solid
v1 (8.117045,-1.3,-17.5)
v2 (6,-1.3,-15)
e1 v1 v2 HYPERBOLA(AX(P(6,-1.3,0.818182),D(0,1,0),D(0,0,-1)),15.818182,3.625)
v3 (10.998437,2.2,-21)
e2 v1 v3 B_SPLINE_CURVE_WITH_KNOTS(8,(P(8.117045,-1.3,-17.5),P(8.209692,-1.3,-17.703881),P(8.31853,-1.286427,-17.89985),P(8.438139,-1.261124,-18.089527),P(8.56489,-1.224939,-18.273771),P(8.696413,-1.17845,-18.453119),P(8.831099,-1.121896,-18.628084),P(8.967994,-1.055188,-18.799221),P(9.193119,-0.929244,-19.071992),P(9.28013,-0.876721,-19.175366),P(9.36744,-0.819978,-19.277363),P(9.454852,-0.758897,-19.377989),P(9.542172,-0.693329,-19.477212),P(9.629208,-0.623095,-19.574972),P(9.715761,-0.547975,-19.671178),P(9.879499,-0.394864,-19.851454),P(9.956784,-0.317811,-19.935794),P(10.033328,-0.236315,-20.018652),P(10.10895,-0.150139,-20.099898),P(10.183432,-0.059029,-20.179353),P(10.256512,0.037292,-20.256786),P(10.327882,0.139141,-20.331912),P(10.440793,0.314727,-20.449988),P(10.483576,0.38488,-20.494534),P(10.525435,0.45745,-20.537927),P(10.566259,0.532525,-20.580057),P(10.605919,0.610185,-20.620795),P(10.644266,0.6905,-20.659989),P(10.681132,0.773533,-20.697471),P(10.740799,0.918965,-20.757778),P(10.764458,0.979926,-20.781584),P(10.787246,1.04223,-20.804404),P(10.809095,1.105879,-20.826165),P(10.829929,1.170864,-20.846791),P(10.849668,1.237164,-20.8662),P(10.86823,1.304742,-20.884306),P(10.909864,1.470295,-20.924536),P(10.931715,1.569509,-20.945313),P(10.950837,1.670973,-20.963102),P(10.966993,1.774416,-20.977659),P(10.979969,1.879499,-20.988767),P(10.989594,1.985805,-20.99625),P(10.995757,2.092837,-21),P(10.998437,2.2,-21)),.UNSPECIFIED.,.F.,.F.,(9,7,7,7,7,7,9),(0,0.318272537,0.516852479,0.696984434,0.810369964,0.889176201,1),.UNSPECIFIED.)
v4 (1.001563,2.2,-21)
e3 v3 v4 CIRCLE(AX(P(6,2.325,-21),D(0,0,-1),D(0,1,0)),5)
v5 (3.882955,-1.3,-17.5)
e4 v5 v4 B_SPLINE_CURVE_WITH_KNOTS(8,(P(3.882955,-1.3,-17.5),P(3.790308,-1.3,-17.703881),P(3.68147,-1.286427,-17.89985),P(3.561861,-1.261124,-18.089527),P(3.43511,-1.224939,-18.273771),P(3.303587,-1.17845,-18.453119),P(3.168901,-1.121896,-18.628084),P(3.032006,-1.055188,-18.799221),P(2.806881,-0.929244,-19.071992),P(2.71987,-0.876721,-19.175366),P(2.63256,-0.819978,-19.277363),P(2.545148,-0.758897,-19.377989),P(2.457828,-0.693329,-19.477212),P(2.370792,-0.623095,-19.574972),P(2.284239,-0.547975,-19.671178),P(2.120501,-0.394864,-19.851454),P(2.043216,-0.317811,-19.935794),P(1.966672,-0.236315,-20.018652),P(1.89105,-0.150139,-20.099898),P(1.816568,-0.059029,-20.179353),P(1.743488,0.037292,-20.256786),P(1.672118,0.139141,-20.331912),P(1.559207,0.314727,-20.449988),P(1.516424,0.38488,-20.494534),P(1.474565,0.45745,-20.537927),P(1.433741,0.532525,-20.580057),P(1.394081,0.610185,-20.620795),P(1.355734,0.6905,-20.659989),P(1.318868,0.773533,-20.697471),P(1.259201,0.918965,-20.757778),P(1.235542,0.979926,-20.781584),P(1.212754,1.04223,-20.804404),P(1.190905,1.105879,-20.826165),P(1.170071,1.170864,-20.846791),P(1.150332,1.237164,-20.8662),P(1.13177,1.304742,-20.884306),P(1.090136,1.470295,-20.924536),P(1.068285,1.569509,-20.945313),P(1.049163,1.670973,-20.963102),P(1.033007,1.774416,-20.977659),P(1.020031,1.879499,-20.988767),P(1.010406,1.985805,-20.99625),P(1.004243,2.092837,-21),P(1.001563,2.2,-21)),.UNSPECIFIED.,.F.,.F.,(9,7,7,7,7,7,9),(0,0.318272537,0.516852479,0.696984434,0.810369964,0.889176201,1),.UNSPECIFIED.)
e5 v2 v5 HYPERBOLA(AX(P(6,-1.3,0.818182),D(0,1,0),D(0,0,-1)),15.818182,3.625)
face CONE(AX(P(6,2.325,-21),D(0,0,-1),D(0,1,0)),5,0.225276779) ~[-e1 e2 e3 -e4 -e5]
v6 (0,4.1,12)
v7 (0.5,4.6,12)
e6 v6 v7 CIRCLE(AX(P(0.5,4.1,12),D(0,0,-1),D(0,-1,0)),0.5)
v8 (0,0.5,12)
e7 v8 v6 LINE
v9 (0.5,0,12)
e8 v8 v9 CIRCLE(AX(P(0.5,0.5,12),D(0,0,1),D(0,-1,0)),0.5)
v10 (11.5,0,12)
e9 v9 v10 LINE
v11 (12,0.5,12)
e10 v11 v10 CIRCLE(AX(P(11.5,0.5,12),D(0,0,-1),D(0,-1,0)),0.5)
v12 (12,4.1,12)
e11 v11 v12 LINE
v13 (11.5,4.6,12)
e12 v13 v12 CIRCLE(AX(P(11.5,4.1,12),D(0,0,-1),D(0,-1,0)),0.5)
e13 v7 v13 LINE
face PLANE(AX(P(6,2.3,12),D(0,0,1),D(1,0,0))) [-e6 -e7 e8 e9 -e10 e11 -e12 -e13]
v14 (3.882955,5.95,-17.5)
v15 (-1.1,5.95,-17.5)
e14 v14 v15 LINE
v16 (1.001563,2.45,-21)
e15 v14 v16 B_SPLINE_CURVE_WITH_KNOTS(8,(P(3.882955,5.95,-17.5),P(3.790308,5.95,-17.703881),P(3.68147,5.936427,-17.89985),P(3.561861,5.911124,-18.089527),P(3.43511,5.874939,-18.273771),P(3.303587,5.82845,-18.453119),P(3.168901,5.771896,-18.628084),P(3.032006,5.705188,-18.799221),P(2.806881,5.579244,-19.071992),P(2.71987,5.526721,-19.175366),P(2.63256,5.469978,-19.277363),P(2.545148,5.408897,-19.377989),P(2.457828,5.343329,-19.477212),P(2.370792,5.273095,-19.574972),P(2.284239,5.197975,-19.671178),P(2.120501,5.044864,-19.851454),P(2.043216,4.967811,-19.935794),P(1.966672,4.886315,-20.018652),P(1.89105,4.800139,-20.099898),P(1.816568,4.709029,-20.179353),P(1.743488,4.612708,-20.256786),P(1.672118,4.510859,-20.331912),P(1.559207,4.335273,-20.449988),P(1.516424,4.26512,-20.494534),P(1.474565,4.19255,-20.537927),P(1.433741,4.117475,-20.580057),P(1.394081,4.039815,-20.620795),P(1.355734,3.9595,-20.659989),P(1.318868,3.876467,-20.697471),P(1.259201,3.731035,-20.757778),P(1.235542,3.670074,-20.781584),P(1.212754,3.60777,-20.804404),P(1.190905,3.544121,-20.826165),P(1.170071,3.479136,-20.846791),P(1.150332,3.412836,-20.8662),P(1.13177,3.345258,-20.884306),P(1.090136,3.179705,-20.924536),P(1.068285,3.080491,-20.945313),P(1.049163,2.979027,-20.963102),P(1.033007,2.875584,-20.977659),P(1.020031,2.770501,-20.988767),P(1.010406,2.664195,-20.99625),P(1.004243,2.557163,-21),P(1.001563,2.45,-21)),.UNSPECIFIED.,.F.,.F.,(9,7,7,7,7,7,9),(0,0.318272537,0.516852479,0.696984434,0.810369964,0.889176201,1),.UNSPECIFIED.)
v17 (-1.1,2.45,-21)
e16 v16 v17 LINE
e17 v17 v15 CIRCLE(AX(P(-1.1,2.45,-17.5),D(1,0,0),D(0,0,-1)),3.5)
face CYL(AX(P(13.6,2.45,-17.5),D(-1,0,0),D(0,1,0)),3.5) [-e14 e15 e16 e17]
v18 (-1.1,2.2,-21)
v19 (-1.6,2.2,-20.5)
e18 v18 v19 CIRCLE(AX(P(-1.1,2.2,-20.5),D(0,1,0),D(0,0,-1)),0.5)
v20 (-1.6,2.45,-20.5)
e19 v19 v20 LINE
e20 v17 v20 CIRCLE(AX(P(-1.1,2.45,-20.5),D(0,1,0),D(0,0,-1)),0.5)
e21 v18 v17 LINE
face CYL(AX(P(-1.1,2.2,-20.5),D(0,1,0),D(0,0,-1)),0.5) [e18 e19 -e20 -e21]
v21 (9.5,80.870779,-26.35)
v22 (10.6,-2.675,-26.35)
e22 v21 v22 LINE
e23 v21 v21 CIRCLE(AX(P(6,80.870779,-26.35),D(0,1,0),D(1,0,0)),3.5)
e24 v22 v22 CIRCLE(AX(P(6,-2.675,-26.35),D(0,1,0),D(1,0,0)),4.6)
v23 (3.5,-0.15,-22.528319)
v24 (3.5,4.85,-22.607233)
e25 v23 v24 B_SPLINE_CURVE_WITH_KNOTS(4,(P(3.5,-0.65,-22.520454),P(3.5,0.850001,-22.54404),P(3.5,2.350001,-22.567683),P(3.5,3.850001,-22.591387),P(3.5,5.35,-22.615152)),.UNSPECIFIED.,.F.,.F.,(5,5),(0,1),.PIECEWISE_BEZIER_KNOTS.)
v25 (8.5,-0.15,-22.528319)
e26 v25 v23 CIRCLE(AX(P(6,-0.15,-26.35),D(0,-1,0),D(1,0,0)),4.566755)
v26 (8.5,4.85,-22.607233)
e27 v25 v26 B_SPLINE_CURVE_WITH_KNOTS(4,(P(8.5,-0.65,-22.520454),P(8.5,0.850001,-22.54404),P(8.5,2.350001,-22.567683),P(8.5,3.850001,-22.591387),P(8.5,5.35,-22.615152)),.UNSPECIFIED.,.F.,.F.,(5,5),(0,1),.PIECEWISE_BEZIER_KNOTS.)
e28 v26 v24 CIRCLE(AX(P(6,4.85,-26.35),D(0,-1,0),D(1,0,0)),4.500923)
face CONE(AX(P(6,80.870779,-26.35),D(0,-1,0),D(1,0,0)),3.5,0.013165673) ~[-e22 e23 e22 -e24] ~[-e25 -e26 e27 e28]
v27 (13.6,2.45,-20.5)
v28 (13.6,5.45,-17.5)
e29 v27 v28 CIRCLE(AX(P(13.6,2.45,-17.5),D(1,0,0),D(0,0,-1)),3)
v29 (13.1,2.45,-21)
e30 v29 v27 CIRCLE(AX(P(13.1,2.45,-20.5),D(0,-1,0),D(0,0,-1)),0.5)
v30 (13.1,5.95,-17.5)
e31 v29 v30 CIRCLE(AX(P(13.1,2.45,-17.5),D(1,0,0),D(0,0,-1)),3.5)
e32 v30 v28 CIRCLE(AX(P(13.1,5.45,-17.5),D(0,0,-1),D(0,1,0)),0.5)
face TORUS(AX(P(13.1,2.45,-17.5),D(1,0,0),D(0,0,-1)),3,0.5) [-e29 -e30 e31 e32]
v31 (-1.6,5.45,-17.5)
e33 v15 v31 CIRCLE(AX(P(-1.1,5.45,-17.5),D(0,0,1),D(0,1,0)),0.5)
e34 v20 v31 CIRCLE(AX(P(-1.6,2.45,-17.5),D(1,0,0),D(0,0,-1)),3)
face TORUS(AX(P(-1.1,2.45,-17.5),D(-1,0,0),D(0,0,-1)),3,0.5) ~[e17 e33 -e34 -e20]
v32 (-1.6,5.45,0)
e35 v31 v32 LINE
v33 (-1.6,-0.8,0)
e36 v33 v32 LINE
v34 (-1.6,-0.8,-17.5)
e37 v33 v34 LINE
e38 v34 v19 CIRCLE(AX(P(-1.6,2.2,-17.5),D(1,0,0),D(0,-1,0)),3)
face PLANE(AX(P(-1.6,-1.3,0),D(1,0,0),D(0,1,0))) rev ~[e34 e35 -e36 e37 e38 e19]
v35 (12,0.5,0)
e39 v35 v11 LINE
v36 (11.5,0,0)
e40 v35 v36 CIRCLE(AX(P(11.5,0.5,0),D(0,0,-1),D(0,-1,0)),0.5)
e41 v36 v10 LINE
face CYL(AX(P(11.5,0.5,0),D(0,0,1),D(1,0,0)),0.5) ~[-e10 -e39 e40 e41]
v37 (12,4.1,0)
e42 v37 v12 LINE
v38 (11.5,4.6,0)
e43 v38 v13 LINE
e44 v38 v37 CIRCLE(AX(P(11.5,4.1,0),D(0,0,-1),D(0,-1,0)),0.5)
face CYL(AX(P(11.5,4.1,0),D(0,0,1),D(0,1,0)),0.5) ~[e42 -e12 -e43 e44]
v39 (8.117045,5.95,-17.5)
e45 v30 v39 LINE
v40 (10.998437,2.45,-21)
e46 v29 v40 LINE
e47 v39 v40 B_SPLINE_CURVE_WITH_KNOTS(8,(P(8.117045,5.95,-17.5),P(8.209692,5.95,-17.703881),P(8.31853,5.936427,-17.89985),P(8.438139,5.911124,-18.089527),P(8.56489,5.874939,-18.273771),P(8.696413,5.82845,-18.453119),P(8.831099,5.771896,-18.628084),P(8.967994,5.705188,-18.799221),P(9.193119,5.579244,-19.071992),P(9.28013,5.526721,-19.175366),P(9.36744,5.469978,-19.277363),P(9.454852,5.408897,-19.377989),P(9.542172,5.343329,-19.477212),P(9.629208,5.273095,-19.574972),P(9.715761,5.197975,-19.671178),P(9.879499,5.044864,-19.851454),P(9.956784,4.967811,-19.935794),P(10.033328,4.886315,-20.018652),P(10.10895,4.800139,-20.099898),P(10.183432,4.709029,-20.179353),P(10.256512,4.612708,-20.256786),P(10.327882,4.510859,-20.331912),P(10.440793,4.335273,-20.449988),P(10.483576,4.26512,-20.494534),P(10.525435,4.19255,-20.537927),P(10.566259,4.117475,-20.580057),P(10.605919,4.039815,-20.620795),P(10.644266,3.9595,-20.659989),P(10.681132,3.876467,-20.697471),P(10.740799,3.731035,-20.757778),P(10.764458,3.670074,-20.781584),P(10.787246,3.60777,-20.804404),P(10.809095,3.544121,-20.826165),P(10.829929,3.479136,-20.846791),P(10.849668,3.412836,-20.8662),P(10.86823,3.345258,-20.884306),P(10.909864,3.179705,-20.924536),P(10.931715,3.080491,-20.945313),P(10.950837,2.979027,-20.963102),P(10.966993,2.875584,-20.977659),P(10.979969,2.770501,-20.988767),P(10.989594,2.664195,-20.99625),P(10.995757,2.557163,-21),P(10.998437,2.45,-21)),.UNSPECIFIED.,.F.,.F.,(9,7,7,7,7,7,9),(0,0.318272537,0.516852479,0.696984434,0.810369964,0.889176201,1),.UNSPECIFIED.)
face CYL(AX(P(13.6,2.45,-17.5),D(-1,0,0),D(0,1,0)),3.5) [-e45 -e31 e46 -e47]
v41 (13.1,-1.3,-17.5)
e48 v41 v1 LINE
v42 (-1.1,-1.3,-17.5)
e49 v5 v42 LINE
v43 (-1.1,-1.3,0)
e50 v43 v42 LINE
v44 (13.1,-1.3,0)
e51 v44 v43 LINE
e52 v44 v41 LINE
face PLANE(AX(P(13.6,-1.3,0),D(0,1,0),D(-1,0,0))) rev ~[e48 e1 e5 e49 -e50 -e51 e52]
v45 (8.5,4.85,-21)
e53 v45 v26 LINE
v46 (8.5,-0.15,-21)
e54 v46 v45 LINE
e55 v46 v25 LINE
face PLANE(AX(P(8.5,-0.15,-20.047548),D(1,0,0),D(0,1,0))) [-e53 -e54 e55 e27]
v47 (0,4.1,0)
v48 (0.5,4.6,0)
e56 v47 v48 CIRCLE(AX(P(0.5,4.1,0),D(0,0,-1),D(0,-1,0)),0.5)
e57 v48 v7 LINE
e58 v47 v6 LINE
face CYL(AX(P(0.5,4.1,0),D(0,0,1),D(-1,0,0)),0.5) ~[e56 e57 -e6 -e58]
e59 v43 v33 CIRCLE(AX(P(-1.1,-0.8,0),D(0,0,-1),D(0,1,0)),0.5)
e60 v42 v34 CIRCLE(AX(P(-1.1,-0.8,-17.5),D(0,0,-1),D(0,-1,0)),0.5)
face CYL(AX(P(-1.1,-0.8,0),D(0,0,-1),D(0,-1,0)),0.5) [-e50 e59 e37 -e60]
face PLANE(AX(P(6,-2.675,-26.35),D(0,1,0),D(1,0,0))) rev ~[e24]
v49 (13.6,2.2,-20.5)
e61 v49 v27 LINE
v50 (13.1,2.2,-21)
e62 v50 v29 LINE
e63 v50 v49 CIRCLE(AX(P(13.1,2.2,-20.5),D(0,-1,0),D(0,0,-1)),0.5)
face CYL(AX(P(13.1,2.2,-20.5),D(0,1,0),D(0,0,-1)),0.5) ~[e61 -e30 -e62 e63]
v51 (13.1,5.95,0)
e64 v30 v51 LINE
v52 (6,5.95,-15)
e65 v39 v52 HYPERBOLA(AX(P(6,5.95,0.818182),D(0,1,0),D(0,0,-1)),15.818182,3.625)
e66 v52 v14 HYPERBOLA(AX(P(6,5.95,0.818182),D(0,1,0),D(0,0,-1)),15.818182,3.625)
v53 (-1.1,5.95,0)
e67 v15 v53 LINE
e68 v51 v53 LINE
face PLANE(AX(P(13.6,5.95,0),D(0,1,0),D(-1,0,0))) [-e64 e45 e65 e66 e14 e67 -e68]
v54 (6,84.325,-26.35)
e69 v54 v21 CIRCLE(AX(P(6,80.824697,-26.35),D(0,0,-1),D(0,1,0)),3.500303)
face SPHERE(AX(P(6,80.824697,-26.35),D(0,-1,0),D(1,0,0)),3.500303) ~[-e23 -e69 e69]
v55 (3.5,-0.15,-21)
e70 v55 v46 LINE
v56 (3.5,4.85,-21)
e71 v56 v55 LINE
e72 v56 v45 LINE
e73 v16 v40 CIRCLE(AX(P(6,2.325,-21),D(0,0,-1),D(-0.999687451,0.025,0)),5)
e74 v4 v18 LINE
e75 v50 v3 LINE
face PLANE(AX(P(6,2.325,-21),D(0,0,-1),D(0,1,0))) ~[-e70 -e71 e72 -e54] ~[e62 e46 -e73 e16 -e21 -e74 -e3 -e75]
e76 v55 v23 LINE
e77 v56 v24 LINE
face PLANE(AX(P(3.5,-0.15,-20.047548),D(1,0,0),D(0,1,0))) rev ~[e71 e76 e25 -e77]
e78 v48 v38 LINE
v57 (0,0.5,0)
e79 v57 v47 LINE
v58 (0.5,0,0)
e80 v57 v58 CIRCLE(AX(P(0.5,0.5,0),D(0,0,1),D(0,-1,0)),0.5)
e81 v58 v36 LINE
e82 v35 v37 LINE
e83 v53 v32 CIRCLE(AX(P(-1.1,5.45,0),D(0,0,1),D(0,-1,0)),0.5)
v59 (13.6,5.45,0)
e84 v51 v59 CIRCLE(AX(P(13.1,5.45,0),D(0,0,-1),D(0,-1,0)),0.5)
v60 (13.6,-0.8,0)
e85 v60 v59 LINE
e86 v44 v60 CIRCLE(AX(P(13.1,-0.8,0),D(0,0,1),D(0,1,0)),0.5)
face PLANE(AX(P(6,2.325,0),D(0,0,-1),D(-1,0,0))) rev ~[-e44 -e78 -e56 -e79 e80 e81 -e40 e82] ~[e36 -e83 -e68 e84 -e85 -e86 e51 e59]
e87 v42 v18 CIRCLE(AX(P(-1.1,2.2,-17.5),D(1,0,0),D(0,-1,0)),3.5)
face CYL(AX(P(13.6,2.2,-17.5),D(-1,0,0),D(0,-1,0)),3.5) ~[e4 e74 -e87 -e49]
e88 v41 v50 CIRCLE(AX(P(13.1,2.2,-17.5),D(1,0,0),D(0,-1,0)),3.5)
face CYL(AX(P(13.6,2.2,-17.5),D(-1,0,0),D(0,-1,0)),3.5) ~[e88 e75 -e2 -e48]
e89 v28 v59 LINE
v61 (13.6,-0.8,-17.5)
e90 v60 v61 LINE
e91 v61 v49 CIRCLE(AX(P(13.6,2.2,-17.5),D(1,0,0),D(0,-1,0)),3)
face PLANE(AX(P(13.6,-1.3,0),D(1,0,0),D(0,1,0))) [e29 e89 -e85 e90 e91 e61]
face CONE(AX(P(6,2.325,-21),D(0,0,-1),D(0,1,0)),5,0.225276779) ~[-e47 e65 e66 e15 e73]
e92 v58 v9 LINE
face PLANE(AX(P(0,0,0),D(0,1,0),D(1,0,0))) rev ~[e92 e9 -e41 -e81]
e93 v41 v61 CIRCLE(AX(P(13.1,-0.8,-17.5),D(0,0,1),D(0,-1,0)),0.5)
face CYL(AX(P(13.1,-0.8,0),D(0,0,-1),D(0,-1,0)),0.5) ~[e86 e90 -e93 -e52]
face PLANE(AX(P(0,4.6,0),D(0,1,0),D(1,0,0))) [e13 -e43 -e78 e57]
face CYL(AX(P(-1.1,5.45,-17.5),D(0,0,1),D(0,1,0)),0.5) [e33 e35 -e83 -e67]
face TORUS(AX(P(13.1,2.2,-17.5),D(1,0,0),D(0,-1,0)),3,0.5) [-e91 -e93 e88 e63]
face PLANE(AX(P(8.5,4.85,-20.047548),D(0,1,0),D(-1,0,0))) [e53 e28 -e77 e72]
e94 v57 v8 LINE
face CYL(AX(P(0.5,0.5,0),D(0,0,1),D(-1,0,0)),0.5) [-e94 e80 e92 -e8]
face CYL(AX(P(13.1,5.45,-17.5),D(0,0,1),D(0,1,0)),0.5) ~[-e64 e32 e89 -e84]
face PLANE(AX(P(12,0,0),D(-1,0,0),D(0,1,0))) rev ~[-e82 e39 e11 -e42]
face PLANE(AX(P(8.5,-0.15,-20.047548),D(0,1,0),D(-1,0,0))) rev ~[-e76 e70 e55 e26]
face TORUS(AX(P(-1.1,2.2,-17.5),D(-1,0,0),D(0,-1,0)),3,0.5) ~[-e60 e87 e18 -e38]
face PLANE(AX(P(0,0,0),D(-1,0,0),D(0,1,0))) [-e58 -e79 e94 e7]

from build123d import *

# Parameters (mm, degrees)
SKETCH1_W           = 12
SKETCH1_H           = 4.6
BOSS_EXTRUDE1_DEPTH = 12
SKETCH2_W           = 15.2
SKETCH2_H           = 7.25
BOSS_EXTRUDE2_DEPTH = 21
FILLET1_R           = 3.5
BOSS_EXTRUDE3_START = -0.952452
SKETCH4_W           = 5
SKETCH4_H           = 5
BOSS_EXTRUDE3_DEPTH = 7.452452
FILLET2_R           = 0.5
FILLET3_R           = 0.5


with BuildPart() as part:
    # Sketch1 → Boss-Extrude1 (new body)
    with BuildSketch(Plane.XY):
        with Locations((6, 2.3)):
            Rectangle(SKETCH1_W, SKETCH1_H)
    extrude(amount=BOSS_EXTRUDE1_DEPTH)

    # Sketch2 → Boss-Extrude2 (add)
    with BuildSketch(Plane(origin=(0, 0, 0), x_dir=(-1, 0, 0), z_dir=(0, 0, -1))):
        with Locations((-6, 2.325)):
            Rectangle(SKETCH2_W, SKETCH2_H)
    extrude(amount=BOSS_EXTRUDE2_DEPTH)

    # Fillet1
    fillet1_edges = [part.edges().sort_by_distance(p)[0] for p in [
        (6, -1.3, -21),
        (6, 5.95, -21),
    ]]
    fillet(fillet1_edges, radius=FILLET1_R)

    # Sketch4 → Boss-Extrude3 (add)
    with BuildSketch(Plane(origin=(0, 0, -21), x_dir=(-1, 0, 0), z_dir=(0, 0, -1)).offset(BOSS_EXTRUDE3_START)):
        with Locations((-6, 2.35)):
            Rectangle(SKETCH4_W, SKETCH4_H)
    extrude(amount=BOSS_EXTRUDE3_DEPTH)

    # Sketch5 → Revolve1 (revolve)
    with BuildSketch(Plane(origin=(6, 0, 0), x_dir=(0, 0, -1), z_dir=(1, 0, 0)), mode=Mode.PRIVATE) as revolve1_sk:
        with BuildLine():
            Line((26.35, -2.675), (26.35, 84.325))
            ThreePointArc((26.35, 84.325), (23.891258371, 83.316024239), (22.85, 80.870779161))
            Line((22.85, 80.870779161), (21.75, -2.675))
            Line((21.75, -2.675), (26.35, -2.675))
        make_face()
    revolve(revolve1_sk.sketch.rotate(Axis((6, -2.675, -26.35), (0, 1, 0)), 90), axis=Axis((6, -2.675, -26.35), (0, 1, 0)))

    # Sketch6 → Revolve2 (revolve)
    with BuildSketch(Plane(origin=(6, 0, 0), x_dir=(0, 0, -1), z_dir=(1, 0, 0))):
        Polygon((21, 2.325), (21, 7.325), (15, 5.95), (15, 2.325), align=None)
    revolve(axis=Axis((6, 2.325, -15), (0, 0, -1)))

    # Fillet2
    fillet2_edges = [part.edges().sort_by_distance(p)[0] for p in [
        (13.6, 2.325, -21),
        (-1.6, 2.325, -21),
        (-1.6, 5.95, -8.75),
        (-1.6, -1.3, -8.75),
        (-1.6, 4.924873734, -19.974873734),
        (-1.6, -0.274873734, -19.974873734),
        (13.6, -1.3, -8.75),
        (13.6, 5.95, -8.75),
        (13.6, 4.924873734, -19.974873734),
        (13.6, -0.274873734, -19.974873734),
    ]]
    fillet(fillet2_edges, radius=FILLET2_R)

    # Fillet3
    fillet3_edges = [part.edges().sort_by_distance(p)[0] for p in [
        (0, 4.6, 6),
        (12, 4.6, 6),
        (12, 0, 6),
        (0, 0, 6),
    ]]
    fillet(fillet3_edges, radius=FILLET3_R)


solid = part.part
